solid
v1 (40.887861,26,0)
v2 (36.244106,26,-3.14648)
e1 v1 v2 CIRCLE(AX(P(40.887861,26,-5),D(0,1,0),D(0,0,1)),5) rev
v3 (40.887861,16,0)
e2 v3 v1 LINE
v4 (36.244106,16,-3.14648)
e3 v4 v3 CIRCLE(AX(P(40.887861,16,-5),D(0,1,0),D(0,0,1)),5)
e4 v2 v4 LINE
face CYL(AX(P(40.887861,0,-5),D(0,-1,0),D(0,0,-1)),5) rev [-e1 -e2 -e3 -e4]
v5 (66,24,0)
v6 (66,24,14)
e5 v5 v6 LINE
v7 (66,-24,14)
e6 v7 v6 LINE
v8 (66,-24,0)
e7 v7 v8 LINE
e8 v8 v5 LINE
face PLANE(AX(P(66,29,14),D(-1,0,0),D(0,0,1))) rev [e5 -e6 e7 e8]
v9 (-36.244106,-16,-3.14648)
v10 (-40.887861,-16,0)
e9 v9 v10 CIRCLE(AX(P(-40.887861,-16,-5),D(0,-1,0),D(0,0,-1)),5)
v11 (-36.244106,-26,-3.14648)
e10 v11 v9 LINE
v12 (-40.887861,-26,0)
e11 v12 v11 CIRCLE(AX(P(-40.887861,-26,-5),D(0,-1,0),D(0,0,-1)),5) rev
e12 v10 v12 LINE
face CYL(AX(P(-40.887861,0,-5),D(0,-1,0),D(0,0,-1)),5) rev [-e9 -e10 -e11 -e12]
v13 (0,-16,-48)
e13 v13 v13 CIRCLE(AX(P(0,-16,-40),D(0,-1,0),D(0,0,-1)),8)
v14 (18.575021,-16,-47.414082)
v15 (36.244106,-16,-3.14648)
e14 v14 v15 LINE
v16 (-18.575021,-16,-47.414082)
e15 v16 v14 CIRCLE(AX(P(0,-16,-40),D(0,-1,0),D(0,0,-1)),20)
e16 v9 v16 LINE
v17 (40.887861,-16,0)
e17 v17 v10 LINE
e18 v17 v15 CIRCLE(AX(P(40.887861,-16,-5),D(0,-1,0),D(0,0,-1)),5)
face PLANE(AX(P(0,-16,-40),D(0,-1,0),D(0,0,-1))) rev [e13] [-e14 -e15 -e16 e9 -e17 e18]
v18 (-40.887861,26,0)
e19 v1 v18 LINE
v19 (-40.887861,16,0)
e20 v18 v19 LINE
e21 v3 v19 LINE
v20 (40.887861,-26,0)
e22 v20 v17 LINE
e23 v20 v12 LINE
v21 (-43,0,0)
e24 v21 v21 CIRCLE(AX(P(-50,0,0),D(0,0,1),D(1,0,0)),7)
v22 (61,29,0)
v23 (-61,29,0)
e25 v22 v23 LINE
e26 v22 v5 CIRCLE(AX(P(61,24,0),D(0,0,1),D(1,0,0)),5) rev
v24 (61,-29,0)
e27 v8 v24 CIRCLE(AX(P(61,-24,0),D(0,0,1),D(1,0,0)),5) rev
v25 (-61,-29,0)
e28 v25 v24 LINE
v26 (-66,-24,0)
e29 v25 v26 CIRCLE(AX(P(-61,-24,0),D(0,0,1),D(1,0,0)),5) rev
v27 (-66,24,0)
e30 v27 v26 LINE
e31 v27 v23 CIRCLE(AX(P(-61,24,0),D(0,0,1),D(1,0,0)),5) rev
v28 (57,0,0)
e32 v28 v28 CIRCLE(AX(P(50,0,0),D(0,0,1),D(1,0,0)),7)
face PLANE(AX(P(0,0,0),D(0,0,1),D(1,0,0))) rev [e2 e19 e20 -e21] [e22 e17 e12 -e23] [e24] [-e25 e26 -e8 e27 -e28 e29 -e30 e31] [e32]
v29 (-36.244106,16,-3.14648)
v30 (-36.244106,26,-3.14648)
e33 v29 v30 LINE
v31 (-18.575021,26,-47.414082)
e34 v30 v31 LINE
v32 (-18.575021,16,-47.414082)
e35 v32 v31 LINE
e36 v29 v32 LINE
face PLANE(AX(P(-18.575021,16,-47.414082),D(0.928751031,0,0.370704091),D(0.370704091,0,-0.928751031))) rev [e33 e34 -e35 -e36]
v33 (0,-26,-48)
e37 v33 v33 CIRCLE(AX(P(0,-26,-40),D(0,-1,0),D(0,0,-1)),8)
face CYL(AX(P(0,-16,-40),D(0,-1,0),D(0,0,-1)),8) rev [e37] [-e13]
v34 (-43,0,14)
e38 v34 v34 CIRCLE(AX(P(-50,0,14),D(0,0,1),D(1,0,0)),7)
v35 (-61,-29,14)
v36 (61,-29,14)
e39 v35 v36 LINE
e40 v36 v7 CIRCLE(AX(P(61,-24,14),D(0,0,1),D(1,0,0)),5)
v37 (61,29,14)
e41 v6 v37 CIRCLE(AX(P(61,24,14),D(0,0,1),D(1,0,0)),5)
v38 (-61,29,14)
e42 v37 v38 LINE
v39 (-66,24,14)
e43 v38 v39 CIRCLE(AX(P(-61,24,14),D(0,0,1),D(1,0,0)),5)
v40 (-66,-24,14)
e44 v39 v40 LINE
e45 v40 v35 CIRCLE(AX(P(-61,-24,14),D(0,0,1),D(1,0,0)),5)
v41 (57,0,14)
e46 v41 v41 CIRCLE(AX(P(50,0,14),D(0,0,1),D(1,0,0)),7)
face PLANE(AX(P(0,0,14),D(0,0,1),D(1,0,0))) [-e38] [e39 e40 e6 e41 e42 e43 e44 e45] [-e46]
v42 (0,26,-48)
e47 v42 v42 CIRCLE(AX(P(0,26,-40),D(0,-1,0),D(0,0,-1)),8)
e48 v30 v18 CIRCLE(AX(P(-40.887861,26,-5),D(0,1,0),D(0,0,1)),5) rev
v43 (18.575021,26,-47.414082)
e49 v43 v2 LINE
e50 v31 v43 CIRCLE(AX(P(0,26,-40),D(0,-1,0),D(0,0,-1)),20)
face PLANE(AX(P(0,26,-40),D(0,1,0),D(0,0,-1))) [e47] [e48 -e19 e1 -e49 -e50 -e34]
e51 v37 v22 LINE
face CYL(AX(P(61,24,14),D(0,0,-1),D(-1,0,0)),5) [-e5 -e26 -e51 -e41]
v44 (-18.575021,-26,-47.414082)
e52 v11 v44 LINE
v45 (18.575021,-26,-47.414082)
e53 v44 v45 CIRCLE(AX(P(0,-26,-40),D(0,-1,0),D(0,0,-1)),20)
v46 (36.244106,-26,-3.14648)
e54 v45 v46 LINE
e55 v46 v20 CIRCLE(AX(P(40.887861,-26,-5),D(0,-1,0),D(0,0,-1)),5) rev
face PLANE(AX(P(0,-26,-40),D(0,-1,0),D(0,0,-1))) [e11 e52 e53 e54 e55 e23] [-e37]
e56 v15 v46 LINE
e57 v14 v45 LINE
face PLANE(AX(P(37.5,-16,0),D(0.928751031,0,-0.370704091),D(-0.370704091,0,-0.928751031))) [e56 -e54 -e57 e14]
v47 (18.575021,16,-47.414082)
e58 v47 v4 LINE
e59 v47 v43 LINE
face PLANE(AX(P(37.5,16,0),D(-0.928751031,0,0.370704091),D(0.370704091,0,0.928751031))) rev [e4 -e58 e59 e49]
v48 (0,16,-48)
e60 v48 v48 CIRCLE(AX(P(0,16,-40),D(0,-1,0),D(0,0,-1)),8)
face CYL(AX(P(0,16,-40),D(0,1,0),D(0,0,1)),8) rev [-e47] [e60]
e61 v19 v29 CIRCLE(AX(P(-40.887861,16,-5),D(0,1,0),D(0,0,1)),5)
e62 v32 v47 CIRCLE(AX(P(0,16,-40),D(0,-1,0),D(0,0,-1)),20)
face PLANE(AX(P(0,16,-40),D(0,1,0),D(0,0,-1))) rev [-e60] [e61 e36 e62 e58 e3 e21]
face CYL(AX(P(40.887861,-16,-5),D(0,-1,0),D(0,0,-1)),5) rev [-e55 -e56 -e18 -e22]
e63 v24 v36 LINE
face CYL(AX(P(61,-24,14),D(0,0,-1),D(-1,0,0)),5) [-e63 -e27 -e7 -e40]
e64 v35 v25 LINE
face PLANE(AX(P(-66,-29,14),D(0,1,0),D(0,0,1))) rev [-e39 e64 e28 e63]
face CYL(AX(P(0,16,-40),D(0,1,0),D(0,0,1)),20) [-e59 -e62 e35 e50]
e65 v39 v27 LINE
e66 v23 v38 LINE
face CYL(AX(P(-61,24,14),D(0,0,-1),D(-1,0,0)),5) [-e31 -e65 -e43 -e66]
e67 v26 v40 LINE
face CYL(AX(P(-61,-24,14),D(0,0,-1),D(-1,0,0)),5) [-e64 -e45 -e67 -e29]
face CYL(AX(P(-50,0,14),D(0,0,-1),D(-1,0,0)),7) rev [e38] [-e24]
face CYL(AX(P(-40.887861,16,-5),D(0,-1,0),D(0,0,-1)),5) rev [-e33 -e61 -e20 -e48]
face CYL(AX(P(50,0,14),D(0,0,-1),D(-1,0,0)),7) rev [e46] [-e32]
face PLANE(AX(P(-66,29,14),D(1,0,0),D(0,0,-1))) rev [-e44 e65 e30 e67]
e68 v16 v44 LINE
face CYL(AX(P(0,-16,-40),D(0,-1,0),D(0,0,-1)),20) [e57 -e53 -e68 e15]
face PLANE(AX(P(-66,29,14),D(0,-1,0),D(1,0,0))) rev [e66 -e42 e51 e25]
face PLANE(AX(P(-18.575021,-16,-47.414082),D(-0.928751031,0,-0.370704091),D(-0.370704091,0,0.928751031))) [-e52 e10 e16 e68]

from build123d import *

# Parameters (mm, degrees)
SKETCH1_W            = 132
SKETCH1_H            = 58
SKETCH1_R            = 7
BOSS_EXTRUDE1_DEPTH  = 14
FILLET1_R            = 5
SKETCH2_R            = 8
BOSS_EXTRUDE2_DEPTH  = 10
FILLET2_R            = 5
FILLET2_OF_MIRROR1_R = 5


with BuildPart() as part:
    # Sketch1 → Boss-Extrude1 (new body)
    with BuildSketch(Plane.XY):
        Rectangle(SKETCH1_W, SKETCH1_H)
        with Locations((-50, 0)):
            Circle(SKETCH1_R, mode=Mode.SUBTRACT)
        with Locations((50, 0)):
            Circle(SKETCH1_R, mode=Mode.SUBTRACT)
    extrude(amount=BOSS_EXTRUDE1_DEPTH)

    # Fillet1
    fillet1_edges = [part.edges().sort_by_distance(p)[0] for p in [
        (66, -29, 7),
        (-66, -29, 7),
        (-66, 29, 7),
        (66, 29, 7),
    ]]
    fillet(fillet1_edges, radius=FILLET1_R)

    # Sketch2 → Boss-Extrude2 (add)
    with BuildSketch(Plane(origin=(0, -26, 0), x_dir=(-1, 0, 0), z_dir=(0, -1, 0))):
        with BuildLine():
            Line((-37.5, 0), (-18.575020612, 47.414081823))
            ThreePointArc((-18.575020612, 47.414081823), (0, 60), (18.575020612, 47.414081823))
            Line((18.575020612, 47.414081823), (37.5, 0))
            Line((37.5, 0), (-37.5, 0))
        make_face()
        with Locations(Location((0, 40, 0), (0, 0, 90))):
            Circle(SKETCH2_R, mode=Mode.SUBTRACT)
    boss_extrude2 = extrude(amount=-BOSS_EXTRUDE2_DEPTH)

    # Fillet2
    fillet2_edges = [part.edges().sort_by_distance(p)[0] for p in [
        (-37.5, -21, 0),
        (37.5, -21, 0),
    ]]
    fillet(fillet2_edges, radius=FILLET2_R)

    # Mirror1: Boss-Extrude2 across plane
    add(boss_extrude2.mirror(Plane.ZX))

    # Fillet2 of Mirror1
    fillet2_of_mirror1_edges = [part.edges().sort_by_distance(p)[0] for p in [
        (-37.5, 21, 0),
        (37.5, 21, 0),
    ]]
    fillet(fillet2_of_mirror1_edges, radius=FILLET2_OF_MIRROR1_R)


solid = part.part
